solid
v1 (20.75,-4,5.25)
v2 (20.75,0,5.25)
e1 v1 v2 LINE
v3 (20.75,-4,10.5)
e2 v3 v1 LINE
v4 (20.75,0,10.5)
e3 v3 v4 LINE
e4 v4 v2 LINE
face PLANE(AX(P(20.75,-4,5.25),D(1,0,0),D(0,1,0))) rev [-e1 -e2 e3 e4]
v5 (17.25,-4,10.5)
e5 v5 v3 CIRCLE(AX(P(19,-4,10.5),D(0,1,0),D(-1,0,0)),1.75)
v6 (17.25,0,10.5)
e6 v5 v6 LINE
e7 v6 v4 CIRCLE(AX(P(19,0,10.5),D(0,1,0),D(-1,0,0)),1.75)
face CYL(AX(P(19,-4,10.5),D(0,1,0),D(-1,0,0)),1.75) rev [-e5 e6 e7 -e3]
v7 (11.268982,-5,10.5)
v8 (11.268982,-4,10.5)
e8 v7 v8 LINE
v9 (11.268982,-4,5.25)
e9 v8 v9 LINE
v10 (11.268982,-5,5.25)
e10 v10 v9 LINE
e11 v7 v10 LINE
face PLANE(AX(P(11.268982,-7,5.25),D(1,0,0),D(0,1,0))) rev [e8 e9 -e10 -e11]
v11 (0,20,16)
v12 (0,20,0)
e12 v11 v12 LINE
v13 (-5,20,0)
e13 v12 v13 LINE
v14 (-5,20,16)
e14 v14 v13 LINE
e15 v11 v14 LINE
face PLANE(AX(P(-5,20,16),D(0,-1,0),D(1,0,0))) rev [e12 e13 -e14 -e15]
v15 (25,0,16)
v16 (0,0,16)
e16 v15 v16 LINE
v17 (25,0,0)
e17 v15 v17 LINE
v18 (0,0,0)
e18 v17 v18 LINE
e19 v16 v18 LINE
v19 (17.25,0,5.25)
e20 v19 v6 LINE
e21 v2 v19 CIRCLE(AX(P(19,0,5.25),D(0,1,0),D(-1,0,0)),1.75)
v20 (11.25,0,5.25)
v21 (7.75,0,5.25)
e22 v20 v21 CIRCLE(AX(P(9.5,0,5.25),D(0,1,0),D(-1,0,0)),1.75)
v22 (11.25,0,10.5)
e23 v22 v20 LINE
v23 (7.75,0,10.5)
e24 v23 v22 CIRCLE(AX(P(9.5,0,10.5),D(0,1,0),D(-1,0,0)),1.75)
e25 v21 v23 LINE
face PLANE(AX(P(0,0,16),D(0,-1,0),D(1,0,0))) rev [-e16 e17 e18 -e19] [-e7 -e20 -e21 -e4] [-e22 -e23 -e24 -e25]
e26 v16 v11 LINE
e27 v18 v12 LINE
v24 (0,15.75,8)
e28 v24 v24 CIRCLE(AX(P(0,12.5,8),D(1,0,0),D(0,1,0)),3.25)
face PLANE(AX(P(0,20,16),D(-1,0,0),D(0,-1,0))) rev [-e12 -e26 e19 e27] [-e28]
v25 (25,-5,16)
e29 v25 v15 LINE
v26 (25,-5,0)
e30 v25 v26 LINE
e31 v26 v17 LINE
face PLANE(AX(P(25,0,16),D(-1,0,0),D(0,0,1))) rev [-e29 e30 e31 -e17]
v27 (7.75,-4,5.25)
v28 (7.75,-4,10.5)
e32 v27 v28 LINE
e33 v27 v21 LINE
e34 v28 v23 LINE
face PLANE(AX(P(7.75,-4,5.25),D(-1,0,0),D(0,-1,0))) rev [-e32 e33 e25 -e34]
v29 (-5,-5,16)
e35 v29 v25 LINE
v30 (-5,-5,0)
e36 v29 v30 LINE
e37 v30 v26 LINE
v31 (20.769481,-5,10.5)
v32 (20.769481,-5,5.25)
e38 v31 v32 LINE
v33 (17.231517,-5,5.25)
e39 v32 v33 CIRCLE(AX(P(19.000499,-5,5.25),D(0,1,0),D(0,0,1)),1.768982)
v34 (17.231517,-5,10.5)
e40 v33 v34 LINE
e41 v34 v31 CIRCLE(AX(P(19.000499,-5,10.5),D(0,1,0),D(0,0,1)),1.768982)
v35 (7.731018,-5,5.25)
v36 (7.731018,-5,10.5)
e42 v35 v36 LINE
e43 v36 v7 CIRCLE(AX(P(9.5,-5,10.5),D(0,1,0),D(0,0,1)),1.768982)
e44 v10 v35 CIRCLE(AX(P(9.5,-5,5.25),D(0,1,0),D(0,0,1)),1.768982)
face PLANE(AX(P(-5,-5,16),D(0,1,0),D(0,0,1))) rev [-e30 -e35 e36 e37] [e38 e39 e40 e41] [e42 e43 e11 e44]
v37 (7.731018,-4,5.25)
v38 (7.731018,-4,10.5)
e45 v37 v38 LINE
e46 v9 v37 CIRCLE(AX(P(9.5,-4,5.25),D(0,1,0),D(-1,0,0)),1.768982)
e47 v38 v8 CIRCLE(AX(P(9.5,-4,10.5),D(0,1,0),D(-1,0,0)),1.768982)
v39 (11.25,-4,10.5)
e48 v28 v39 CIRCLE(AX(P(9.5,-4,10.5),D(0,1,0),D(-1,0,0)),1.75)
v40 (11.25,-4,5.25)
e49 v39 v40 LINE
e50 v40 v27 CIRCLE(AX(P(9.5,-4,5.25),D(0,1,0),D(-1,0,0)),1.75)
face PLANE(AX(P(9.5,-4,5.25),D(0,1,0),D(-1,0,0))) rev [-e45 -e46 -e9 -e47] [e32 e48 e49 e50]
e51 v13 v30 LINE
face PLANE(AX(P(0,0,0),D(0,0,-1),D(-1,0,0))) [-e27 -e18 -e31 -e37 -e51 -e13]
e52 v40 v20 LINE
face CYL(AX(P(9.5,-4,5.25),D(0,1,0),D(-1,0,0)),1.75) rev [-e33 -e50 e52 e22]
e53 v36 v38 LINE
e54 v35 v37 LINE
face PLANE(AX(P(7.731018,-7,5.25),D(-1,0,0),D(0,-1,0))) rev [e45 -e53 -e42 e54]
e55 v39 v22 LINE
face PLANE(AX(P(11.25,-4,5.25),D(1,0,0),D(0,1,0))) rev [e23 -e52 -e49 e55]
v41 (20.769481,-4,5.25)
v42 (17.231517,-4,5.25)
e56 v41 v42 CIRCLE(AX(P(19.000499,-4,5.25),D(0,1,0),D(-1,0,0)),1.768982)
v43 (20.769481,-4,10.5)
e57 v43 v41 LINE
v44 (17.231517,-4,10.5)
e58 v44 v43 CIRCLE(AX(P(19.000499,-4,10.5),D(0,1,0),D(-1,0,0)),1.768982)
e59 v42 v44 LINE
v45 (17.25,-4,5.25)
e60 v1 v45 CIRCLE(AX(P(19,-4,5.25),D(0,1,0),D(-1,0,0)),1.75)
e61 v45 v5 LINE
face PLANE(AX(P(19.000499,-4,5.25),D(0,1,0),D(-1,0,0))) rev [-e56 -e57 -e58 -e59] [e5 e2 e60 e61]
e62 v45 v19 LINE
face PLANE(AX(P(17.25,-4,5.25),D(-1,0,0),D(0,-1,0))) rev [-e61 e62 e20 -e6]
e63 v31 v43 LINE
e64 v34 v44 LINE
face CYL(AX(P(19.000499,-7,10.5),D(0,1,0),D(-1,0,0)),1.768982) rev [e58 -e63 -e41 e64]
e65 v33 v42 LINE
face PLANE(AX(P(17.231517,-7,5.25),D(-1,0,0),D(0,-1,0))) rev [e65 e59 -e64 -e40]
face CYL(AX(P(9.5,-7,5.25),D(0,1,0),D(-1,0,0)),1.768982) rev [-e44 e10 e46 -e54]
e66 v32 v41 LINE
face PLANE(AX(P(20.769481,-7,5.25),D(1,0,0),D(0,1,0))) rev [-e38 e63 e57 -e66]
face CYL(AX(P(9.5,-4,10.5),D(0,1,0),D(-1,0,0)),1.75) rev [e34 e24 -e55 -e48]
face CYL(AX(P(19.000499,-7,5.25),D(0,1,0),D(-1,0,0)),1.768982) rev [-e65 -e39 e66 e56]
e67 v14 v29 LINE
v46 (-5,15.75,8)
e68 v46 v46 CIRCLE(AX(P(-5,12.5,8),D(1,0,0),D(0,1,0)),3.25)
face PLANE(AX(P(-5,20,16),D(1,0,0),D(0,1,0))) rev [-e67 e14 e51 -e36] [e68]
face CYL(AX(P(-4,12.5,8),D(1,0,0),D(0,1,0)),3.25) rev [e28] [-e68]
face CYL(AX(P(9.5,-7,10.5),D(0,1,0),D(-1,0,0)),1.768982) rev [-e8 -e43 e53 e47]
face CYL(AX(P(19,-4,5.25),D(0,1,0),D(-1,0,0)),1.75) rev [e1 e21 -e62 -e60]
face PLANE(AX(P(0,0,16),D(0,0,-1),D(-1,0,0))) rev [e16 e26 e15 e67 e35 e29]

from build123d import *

# Parameters (mm, degrees)
ESTRUSIONE_ESTRUSIONE1_DEPTH = 16
SCHIZZO2_R                   = 3.25
TAGLIO_ESTRUSIONE1_DEPTH     = 4
TAGLIO_ESTRUSIONE2_DEPTH     = 4
SCHIZZO4_R                   = 3.25
TAGLIO_ESTRUSIONE3_DEPTH     = 3
TAGLIO_ESTRUSIONE5_DEPTH     = 3


with BuildPart() as part:
    # Schizzo1 → Estrusione-Estrusione1 (new body)
    with BuildSketch(Plane.XY):
        Polygon((0, 20), (0, 0), (25, 0), (25, -5), (-5, -5), (-5, 20), align=None)
    extrude(amount=ESTRUSIONE_ESTRUSIONE1_DEPTH)

    # Schizzo2 → Taglio-Estrusione1 (cut)
    with BuildSketch(Plane(origin=(0, 0, 0), x_dir=(0, 0, -1), z_dir=(1, 0, 0))):
        with Locations(Location((-8, 12.5, 0), (0, 0, 90))):
            Circle(SCHIZZO2_R)
    extrude(amount=-TAGLIO_ESTRUSIONE1_DEPTH, mode=Mode.SUBTRACT)

    # Schizzo3 → Taglio-Estrusione2 (cut)
    with BuildSketch(Plane(origin=(0, 0, 0), x_dir=(1, 0, 0), z_dir=(0, 1, 0))):
        with BuildLine():
            Line((17.25, -5.25), (17.25, -10.5))
            ThreePointArc((17.25, -10.5), (19, -12.25), (20.75, -10.5))
            Line((20.75, -10.5), (20.75, -5.25))
            ThreePointArc((20.75, -5.25), (19, -3.5), (17.25, -5.25))
        make_face()
        with BuildLine():
            Line((7.75, -5.25), (7.75, -10.5))
            ThreePointArc((7.75, -10.5), (9.5, -12.25), (11.25, -10.5))
            Line((11.25, -10.5), (11.25, -5.25))
            ThreePointArc((11.25, -5.25), (9.5, -3.5), (7.75, -5.25))
        make_face()
    extrude(amount=-TAGLIO_ESTRUSIONE2_DEPTH, mode=Mode.SUBTRACT)

    # Schizzo4 → Taglio-Estrusione3 (cut)
    with BuildSketch(Plane(origin=(-4, 0, 0), x_dir=(0, 0, -1), z_dir=(1, 0, 0))):
        with Locations(Location((-8, 12.5, 0), (0, 0, 90))):
            Circle(SCHIZZO4_R)
    extrude(amount=-TAGLIO_ESTRUSIONE3_DEPTH, mode=Mode.SUBTRACT)

    # Schizzo5 → Taglio-Estrusione5 (cut)
    with BuildSketch(Plane(origin=(0, -4, 0), x_dir=(1, 0, 0), z_dir=(0, 1, 0))):
        with BuildLine():
            Line((11.268981919, -5.25), (11.268981919, -10.5))
            ThreePointArc((11.268981919, -10.5), (9.5, -12.268981919), (7.731018081, -10.5))
            Line((7.731018081, -10.5), (7.731018081, -5.25))
            ThreePointArc((7.731018081, -5.25), (9.5, -3.481018081), (11.268981919, -5.25))
        make_face()
        with BuildLine():
            Line((20.769481266, -5.25), (20.769481266, -10.5))
            ThreePointArc((20.769481266, -10.5), (19.000499347, -12.268981919), (17.231517428, -10.5))
            Line((17.231517428, -10.5), (17.231517428, -5.25))
            ThreePointArc((17.231517428, -5.25), (19.000499347, -3.481018081), (20.769481266, -5.25))
        make_face()
    extrude(amount=-TAGLIO_ESTRUSIONE5_DEPTH, mode=Mode.SUBTRACT)


solid = part.part
